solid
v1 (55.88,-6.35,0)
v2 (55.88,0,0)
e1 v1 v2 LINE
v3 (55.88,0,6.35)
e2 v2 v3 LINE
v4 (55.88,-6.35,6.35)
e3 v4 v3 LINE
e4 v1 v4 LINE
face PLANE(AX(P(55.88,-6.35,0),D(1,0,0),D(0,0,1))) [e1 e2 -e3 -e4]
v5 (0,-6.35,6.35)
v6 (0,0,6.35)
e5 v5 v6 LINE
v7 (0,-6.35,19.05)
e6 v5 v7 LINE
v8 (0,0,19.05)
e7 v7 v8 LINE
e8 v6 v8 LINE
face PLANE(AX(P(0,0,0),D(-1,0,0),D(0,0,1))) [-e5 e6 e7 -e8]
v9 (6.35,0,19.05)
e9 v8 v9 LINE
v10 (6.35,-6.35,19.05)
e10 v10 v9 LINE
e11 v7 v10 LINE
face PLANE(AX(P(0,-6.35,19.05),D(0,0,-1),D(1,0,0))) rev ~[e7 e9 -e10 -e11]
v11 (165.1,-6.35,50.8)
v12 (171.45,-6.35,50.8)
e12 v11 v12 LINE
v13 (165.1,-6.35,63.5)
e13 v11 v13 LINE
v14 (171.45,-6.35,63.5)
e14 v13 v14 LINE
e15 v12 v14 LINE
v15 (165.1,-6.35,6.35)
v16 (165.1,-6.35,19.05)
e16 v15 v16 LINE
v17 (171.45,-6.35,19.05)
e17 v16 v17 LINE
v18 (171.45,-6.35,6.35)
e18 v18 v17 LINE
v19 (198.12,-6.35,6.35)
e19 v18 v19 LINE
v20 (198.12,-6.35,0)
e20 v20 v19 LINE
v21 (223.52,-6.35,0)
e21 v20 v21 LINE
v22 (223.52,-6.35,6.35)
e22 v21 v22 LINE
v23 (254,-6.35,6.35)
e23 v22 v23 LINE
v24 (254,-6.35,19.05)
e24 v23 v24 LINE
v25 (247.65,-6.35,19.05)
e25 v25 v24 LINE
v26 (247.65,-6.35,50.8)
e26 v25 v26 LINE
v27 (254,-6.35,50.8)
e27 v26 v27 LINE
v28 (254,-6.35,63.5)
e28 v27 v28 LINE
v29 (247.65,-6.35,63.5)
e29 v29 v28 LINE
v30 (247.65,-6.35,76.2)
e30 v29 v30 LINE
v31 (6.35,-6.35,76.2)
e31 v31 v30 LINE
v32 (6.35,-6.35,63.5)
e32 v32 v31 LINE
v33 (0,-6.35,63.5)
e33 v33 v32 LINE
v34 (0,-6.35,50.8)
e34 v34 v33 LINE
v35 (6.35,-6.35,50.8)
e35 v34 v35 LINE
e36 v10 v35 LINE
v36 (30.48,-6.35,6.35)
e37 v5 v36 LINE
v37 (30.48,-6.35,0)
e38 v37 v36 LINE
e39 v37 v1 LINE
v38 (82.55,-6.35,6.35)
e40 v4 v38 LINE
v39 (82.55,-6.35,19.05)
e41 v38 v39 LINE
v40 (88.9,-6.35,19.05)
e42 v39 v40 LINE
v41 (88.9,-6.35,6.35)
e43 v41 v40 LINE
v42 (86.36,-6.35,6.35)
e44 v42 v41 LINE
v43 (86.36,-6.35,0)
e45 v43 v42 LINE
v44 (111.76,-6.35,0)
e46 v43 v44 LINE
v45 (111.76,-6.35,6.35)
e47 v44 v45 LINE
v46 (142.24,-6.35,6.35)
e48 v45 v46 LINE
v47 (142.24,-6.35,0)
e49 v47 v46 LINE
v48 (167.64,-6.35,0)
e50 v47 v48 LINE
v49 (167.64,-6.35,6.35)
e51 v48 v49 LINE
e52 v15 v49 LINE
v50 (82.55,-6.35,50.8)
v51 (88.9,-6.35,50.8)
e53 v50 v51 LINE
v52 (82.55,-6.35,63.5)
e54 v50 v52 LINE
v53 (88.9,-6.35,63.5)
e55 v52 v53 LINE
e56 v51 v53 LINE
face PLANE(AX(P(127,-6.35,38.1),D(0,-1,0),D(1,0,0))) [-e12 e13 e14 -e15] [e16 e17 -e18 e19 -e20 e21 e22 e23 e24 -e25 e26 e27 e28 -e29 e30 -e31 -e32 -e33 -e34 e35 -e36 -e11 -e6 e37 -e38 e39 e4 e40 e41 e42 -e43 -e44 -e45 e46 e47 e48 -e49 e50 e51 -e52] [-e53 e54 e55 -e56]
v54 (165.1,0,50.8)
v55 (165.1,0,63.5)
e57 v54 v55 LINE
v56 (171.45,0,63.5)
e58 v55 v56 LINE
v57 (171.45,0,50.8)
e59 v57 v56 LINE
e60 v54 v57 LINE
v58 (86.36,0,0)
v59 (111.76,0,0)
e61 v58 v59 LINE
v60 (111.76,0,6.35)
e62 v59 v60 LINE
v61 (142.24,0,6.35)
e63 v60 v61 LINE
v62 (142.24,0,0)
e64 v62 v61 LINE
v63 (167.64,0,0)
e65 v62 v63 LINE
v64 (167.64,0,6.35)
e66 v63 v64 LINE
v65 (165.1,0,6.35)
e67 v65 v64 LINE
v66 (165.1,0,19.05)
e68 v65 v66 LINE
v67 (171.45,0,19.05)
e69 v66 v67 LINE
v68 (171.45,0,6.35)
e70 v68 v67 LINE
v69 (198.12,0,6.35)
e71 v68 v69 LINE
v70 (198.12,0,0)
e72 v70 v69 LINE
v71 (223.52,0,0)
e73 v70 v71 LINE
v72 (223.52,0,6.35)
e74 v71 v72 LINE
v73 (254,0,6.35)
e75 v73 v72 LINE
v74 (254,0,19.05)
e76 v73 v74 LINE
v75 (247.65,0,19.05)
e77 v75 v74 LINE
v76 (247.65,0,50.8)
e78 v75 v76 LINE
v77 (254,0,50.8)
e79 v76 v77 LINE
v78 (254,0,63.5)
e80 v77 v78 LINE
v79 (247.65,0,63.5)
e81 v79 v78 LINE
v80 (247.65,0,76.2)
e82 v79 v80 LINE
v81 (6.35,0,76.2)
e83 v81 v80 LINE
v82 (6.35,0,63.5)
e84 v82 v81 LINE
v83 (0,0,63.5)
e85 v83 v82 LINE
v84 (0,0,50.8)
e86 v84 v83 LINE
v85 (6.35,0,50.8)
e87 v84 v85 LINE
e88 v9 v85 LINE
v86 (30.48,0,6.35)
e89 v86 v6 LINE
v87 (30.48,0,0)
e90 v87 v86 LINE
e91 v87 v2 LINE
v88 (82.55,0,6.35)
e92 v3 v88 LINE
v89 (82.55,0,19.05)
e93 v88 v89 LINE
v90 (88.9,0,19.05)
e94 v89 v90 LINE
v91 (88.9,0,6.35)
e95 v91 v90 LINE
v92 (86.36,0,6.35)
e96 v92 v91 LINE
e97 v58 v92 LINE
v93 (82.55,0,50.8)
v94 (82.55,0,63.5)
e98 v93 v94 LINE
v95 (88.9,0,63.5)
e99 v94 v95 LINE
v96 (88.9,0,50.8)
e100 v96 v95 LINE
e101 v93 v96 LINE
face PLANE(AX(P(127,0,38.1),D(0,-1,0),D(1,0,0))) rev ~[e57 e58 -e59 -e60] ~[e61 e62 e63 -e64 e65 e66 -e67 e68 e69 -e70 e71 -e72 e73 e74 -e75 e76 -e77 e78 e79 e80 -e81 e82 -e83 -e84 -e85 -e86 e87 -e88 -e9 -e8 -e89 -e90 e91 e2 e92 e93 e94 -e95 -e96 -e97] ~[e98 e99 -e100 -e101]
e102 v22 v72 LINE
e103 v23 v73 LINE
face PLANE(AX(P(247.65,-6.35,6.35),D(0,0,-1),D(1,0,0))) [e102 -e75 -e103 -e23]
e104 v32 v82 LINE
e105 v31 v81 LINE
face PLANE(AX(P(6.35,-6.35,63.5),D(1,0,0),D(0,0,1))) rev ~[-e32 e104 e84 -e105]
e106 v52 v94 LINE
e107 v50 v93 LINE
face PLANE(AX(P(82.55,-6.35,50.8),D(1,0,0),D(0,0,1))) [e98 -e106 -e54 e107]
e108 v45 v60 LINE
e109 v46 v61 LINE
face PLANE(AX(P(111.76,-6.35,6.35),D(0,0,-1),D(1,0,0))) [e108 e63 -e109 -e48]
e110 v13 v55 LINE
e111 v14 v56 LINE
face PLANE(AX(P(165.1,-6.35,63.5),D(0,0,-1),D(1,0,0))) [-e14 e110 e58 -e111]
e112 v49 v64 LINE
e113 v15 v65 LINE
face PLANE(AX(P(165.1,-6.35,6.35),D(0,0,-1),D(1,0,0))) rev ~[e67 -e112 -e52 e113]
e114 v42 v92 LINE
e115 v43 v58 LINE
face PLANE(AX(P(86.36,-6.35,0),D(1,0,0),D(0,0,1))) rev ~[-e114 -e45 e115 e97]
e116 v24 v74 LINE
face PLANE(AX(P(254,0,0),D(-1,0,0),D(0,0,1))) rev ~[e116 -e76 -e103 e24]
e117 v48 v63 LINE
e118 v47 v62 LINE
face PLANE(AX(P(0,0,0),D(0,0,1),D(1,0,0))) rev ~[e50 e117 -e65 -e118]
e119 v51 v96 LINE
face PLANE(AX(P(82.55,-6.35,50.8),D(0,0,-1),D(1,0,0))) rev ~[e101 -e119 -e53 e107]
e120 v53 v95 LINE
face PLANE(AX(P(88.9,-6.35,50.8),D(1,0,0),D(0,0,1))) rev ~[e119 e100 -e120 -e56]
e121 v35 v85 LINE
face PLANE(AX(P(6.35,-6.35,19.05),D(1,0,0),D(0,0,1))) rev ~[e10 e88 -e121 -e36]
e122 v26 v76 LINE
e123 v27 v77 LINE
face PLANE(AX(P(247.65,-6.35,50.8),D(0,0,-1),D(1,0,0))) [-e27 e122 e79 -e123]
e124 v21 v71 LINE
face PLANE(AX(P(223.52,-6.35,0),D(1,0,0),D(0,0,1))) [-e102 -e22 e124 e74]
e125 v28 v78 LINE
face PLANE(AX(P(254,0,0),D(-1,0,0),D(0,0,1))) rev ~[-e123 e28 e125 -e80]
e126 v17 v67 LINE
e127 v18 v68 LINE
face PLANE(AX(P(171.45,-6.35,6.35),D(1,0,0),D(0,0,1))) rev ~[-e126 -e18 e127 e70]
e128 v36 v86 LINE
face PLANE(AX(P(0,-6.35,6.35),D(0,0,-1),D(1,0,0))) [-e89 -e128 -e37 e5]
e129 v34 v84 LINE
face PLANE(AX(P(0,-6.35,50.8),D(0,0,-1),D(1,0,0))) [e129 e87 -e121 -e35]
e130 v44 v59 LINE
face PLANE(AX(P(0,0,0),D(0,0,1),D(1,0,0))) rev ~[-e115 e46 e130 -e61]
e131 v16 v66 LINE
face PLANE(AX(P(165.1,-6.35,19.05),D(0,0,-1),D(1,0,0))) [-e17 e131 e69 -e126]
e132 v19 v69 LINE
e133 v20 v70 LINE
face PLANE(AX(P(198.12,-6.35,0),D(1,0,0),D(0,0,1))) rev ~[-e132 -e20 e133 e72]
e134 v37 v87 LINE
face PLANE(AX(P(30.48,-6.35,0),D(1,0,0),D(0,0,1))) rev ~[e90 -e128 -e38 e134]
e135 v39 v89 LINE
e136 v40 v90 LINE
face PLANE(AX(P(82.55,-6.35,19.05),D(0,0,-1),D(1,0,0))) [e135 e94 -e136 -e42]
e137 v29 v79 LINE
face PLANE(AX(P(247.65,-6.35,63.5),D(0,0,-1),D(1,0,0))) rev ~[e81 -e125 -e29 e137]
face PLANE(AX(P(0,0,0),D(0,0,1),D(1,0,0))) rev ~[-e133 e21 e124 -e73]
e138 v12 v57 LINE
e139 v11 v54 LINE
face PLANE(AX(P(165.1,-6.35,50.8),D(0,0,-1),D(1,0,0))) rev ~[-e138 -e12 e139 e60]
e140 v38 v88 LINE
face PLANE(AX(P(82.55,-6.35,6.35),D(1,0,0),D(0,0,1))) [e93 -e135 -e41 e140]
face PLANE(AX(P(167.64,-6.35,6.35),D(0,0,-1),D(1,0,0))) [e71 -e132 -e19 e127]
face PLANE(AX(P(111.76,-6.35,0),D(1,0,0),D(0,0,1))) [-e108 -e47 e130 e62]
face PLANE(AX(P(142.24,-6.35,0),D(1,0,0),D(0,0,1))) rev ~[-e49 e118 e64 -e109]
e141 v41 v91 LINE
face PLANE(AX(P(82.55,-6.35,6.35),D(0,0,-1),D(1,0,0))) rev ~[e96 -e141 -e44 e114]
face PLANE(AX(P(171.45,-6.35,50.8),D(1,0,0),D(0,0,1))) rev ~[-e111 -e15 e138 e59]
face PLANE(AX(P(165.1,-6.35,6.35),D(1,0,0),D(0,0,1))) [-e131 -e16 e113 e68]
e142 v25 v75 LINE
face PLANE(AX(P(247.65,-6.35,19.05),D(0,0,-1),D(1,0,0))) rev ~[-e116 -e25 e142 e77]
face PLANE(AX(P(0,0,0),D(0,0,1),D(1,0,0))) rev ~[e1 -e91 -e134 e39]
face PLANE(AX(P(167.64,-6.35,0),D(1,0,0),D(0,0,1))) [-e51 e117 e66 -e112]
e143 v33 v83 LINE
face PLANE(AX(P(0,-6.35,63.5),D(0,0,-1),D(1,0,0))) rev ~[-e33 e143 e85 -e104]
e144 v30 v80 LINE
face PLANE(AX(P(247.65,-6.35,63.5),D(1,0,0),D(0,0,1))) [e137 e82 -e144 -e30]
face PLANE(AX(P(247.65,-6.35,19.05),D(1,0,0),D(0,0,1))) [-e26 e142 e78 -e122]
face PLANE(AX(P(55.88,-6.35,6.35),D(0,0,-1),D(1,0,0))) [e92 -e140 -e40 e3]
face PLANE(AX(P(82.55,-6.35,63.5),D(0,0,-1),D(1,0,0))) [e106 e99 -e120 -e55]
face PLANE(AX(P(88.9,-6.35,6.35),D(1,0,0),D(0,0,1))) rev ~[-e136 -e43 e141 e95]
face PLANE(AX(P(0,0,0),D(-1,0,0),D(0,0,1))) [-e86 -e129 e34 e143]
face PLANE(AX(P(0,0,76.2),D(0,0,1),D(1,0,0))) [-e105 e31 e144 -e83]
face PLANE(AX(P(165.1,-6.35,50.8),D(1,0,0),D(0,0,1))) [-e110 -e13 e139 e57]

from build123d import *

# Parameters (mm, degrees)
F0_W     = 254
F0_H     = 76.2
F1_DEPTH = 6.35
F2_W     = 6.35
F2_H     = 6.35
F2_H_2   = 12.7
F2_H_3   = 31.75
F3_DEPTH = 6.35
F4_W     = 30.48
F4_H     = 6.35
F5_DEPTH = 6.351
F6_W     = 6.35
F6_H     = 12.7
F7_DEPTH = 6.351


with BuildPart() as f1:
    # F0 (on Front) → F1 (new body)
    with BuildSketch(Plane.XZ):
        with Locations((127, 38.1)):
            Rectangle(F0_W, F0_H)
    extrude(amount=F1_DEPTH)

    # F2 (on face) → F3 (cut, through all)
    with BuildSketch(Plane.XZ.offset(6.35)):
        with Locations((3.175, 3.175)):
            Rectangle(F2_W, F2_H)
        with Locations((3.175, 69.85)):
            Rectangle(F2_W, F2_H_2)
        with Locations((3.175, 34.925)):
            Rectangle(F2_W, F2_H_3)
        with Locations((250.825, 3.175)):
            Rectangle(F2_W, F2_H)
        with Locations((250.825, 34.925)):
            Rectangle(F2_W, F2_H_3)
        with Locations((250.825, 69.85)):
            Rectangle(F2_W, F2_H_2)
    extrude(amount=-F3_DEPTH, mode=Mode.SUBTRACT)

    # F4 (on face) → F5 (cut, through all)
    with BuildSketch(Plane.XZ.offset(6.35)):
        with Locations((15.24, 3.175)):
            Rectangle(F4_W, F4_H)
        with Locations((71.12, 3.175)):
            Rectangle(F4_W, F4_H)
        with Locations((127, 3.175)):
            Rectangle(F4_W, F4_H)
        with Locations((182.88, 3.175)):
            Rectangle(F4_W, F4_H)
        with Locations((238.76, 3.175)):
            Rectangle(F4_W, F4_H)
    extrude(amount=-F5_DEPTH, mode=Mode.SUBTRACT)

    # F6 (on face) → F7 (cut, through all)
    with BuildSketch(Plane.XZ.offset(6.35)):
        with Locations((85.725, 12.7)):
            Rectangle(F6_W, F6_H)
        with Locations((85.725, 57.15)):
            Rectangle(F6_W, F6_H)
        with Locations((168.275, 57.15)):
            Rectangle(F6_W, F6_H)
        with Locations((168.275, 12.7)):
            Rectangle(F6_W, F6_H)
    extrude(amount=-F7_DEPTH, mode=Mode.SUBTRACT)


solid = f1.part
